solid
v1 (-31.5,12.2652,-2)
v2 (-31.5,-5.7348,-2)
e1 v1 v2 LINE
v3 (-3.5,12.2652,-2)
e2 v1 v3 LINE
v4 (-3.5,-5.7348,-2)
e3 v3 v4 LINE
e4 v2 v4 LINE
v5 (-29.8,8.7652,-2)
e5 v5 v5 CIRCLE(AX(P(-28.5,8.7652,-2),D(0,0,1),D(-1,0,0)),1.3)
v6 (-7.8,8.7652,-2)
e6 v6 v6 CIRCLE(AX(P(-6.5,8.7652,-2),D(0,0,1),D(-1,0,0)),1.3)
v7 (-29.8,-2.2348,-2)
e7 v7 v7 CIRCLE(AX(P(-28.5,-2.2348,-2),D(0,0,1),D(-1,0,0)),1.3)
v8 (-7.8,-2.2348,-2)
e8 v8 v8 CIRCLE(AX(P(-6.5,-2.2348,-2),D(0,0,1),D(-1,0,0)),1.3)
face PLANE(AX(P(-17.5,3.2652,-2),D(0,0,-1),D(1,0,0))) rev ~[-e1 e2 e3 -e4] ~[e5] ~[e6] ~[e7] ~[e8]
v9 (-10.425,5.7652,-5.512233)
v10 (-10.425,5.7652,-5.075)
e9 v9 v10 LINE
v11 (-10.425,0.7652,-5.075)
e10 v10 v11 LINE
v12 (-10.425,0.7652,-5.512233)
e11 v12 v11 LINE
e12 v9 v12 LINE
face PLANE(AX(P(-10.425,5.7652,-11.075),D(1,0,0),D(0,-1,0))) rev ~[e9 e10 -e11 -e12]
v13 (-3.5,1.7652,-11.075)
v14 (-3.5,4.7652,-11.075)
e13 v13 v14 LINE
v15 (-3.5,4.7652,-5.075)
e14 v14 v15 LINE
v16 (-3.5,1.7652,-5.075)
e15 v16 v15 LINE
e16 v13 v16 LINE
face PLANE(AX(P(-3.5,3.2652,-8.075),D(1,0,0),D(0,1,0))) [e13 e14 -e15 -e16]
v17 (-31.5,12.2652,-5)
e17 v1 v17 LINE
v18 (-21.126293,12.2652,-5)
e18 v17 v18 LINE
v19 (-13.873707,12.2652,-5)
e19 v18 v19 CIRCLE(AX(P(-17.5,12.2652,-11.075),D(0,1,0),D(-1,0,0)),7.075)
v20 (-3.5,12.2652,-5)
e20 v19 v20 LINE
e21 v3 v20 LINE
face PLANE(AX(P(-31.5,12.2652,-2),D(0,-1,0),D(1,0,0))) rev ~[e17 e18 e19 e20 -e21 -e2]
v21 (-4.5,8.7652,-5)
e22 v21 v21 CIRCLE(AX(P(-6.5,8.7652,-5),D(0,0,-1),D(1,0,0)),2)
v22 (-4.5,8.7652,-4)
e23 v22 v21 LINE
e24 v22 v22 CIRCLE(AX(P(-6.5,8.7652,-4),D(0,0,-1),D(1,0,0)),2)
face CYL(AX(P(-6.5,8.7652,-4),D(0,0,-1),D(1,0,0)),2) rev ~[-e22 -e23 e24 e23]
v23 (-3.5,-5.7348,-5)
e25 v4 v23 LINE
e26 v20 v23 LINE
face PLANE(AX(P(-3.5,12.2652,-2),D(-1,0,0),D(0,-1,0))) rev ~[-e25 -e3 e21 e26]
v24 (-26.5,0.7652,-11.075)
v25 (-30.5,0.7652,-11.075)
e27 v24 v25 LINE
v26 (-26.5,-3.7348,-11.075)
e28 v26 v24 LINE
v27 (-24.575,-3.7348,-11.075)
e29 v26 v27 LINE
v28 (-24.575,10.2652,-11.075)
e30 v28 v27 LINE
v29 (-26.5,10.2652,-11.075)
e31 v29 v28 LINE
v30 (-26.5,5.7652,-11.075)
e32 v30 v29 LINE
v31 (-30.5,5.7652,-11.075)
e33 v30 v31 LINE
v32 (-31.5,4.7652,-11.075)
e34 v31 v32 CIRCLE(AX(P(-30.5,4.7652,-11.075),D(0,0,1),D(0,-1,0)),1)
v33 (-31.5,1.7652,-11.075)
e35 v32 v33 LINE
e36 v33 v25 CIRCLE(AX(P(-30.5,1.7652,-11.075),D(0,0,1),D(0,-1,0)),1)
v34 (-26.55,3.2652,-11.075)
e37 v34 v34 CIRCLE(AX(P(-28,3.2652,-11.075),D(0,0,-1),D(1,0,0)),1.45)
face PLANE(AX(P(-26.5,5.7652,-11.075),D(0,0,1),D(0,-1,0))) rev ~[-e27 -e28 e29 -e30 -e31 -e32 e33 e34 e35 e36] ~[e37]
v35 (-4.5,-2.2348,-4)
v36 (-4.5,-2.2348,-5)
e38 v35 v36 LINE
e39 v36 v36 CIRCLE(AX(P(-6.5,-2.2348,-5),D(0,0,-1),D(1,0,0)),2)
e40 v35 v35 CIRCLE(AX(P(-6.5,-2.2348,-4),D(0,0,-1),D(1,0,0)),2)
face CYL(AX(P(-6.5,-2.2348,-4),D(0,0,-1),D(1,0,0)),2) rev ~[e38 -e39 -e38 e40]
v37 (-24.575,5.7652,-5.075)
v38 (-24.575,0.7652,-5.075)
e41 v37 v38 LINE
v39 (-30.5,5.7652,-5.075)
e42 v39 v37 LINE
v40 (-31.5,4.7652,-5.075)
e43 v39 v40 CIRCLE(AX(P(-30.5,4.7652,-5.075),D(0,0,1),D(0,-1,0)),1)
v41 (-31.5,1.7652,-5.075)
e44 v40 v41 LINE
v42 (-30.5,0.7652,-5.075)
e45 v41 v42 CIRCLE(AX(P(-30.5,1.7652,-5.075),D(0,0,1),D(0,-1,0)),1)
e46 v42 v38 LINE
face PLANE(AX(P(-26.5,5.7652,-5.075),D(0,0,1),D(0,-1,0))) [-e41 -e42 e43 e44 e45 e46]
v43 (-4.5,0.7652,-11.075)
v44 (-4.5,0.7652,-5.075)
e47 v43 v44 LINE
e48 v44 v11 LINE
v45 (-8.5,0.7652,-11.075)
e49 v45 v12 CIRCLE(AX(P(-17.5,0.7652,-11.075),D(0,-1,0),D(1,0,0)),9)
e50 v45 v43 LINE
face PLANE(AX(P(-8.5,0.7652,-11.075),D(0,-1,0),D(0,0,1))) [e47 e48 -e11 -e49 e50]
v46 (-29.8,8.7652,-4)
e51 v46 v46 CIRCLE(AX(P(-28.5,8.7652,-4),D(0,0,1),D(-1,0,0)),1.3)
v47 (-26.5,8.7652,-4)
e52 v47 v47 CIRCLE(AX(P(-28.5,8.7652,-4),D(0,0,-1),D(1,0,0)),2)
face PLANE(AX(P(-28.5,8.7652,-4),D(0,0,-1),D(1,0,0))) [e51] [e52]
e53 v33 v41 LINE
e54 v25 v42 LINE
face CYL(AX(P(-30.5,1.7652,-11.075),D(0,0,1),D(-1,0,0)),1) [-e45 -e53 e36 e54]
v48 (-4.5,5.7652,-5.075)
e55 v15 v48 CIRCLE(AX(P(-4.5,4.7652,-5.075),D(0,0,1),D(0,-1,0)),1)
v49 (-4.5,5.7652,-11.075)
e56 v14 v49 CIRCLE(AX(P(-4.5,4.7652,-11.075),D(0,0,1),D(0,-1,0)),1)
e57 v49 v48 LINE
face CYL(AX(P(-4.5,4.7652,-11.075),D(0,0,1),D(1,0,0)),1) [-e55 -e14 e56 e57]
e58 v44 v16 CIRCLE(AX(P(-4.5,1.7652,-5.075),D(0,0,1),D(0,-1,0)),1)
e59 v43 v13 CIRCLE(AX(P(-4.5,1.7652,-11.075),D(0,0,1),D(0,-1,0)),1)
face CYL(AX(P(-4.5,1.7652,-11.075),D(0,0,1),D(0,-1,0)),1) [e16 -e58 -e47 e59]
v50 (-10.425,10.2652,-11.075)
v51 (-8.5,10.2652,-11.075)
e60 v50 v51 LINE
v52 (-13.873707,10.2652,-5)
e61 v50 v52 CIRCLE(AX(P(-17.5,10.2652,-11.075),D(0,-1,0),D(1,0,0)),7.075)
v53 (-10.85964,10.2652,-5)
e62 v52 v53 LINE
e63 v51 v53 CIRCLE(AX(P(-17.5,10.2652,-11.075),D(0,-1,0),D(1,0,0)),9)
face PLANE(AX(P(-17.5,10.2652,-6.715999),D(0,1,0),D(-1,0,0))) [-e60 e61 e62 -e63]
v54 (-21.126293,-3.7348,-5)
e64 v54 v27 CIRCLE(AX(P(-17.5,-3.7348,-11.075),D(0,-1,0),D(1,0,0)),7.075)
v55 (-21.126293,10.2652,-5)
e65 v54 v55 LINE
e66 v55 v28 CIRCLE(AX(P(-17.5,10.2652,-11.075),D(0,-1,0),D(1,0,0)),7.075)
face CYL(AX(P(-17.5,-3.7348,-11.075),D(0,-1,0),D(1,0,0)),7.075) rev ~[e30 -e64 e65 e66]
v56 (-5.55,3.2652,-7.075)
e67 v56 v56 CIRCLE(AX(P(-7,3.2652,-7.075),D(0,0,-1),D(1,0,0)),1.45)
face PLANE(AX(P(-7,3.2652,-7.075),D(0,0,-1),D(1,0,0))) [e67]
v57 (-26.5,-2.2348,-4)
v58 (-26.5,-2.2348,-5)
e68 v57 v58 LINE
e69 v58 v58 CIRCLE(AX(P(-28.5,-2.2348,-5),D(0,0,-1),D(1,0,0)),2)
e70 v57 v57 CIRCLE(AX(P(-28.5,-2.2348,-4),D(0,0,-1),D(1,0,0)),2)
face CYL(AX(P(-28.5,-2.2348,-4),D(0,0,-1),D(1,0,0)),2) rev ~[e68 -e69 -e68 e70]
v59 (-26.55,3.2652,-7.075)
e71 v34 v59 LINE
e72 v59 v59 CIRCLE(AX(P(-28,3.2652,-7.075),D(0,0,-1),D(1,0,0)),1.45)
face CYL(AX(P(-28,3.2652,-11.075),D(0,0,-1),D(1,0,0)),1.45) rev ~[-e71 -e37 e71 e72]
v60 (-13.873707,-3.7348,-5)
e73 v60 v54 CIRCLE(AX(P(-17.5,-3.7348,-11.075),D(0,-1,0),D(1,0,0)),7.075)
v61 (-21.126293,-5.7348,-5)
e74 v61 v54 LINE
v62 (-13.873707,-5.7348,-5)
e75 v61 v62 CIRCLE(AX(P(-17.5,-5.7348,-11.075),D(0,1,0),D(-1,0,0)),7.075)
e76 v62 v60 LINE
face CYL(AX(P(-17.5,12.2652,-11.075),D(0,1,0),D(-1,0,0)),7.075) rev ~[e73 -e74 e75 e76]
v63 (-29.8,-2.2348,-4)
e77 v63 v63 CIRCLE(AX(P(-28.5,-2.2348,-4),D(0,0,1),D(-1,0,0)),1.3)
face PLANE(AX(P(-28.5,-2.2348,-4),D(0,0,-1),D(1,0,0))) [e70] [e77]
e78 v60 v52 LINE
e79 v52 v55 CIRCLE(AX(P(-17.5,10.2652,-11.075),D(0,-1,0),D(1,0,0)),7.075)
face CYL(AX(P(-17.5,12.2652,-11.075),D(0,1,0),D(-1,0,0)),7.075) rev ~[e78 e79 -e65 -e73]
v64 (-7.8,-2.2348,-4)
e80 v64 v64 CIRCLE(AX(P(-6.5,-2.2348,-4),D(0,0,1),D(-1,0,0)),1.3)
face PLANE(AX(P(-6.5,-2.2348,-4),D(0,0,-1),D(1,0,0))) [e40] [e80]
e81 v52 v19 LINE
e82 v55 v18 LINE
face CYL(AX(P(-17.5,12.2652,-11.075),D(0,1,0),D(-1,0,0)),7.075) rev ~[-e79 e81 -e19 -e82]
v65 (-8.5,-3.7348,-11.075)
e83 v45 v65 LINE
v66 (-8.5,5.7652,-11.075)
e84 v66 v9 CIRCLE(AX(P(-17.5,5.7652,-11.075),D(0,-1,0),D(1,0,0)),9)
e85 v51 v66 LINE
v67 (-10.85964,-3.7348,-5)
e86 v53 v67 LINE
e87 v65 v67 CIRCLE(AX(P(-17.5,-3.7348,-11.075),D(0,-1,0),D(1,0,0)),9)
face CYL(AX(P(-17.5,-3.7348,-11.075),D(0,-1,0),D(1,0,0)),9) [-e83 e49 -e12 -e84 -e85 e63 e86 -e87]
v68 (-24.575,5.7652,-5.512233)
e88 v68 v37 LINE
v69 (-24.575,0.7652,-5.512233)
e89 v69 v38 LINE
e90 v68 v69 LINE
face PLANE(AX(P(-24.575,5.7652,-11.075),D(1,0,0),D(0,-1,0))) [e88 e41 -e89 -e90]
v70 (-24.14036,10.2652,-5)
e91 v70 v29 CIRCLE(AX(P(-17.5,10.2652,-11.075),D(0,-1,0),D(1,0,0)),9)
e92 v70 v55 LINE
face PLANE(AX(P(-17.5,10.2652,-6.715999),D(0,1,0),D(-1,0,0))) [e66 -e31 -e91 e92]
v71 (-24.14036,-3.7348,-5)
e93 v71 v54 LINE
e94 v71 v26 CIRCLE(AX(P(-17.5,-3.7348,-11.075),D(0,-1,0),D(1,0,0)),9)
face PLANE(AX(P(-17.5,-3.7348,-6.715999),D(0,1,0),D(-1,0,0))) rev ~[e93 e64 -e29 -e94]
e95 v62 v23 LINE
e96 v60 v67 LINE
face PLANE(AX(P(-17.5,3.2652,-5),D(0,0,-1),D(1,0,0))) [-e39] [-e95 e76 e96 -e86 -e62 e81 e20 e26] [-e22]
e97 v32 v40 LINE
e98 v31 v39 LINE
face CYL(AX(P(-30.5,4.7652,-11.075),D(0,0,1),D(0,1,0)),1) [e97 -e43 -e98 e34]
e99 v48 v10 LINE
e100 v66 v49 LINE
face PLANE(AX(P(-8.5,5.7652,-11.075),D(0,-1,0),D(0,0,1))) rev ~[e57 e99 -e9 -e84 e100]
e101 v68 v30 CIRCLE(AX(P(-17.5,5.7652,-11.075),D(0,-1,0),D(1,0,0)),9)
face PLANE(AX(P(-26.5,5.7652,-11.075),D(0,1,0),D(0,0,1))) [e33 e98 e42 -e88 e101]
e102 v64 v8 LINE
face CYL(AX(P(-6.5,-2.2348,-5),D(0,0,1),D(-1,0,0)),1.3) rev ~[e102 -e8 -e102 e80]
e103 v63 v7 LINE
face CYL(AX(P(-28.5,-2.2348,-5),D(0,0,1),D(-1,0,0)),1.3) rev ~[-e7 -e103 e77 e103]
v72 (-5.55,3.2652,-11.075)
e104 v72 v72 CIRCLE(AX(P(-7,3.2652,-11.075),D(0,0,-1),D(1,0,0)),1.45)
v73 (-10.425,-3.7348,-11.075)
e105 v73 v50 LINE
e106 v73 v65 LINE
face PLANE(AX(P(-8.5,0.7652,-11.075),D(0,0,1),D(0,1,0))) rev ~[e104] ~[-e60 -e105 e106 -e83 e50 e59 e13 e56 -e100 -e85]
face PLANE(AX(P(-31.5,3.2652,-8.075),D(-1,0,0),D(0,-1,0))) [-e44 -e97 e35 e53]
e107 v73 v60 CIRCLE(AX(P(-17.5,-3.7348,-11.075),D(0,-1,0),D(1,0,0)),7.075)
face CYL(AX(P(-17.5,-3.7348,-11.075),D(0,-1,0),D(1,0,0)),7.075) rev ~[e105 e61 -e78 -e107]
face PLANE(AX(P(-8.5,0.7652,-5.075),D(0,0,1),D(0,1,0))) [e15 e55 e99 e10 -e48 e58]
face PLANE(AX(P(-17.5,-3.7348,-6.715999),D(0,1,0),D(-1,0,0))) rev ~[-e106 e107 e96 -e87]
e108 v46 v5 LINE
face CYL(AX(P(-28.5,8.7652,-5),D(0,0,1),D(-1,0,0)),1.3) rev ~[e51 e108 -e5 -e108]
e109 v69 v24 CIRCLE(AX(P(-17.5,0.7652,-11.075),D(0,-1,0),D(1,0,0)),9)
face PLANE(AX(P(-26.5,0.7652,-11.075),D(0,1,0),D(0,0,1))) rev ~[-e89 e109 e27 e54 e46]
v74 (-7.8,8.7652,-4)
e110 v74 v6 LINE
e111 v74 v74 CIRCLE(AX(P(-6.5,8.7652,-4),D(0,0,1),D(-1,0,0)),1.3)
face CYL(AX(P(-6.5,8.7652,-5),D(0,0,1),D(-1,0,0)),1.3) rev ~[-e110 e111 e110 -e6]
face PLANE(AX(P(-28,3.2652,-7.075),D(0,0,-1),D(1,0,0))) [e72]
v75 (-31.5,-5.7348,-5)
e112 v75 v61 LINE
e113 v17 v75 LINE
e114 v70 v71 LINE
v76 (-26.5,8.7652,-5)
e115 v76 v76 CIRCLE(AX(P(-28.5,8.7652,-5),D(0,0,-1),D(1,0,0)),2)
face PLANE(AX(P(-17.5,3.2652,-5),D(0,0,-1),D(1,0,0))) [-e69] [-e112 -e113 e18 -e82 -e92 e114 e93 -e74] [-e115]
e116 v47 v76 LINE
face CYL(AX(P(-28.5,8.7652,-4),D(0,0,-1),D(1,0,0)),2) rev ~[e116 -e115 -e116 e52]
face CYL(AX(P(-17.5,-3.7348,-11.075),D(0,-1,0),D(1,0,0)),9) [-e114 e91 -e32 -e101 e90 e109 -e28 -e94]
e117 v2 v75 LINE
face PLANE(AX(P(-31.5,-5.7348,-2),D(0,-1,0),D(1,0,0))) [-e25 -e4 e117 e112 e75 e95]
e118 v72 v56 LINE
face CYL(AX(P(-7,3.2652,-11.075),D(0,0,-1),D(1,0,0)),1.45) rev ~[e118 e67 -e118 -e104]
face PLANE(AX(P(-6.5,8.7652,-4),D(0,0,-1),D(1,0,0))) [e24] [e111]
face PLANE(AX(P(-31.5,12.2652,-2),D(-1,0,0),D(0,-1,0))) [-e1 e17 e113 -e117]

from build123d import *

# Parameters (mm, degrees)
SKETCH048_W         = 28
SKETCH048_H         = 18
PAD032_DEPTH        = 3
SKETCH049_R         = 7.075
POCKET009_DEPTH     = 18.001
PAD033_START        = -2
PAD033_DEPTH        = 14
SKETCH051_W         = 1.925
SKETCH051_H         = 5
PAD034_DEPTH        = 6
SKETCH052_W         = 5
SKETCH052_H         = 6
PAD035_DEPTH        = 5
SKETCH053_W         = 5
SKETCH053_H         = 6
PAD036_DEPTH        = 5
HOLE004_D           = 2.6
HOLE004_DEPTH       = 25
HOLE004_CBORE_D     = 4
HOLE004_CBORE_DEPTH = 1
SKETCH056_R         = 1.45
POCKET010_DEPTH     = 4
FILLET013_R         = 1
FILLET014_R         = 1


with BuildPart() as part:
    # Sketch048 (on Face1 of CopyPad022) → Pad032 (new body)
    with BuildSketch(Plane(origin=(0, 0, -2), x_dir=(1, 0, 0), z_dir=(0, 0, -1))):
        with Locations((-18.5, 29.3848)):
            Rectangle(SKETCH048_W, SKETCH048_H)
    extrude(amount=PAD032_DEPTH)

    # Sketch049 (on Face2 of Pad032) → Pocket009 (cut, through all)
    with BuildSketch(Plane(origin=(0, -20.3848, -2), x_dir=(-1, 0, 0), z_dir=(0, 1, 0))):
        with Locations((18.5, -9.075)):
            Circle(SKETCH049_R)
    extrude(amount=-POCKET009_DEPTH, mode=Mode.SUBTRACT)

    # Sketch050 (on Face2 of Pocket009) → Pad033 (join)
    with BuildSketch(Plane(origin=(0, -38.3848, -2), x_dir=(1, 0, 0), z_dir=(0, -1, 0)).offset(PAD033_START)):
        with BuildLine():
            ThreePointArc((-11.425, -9.075), (-18.5, -2), (-25.575, -9.075))
            Line((-27.5, -9.075), (-25.575, -9.075))
            ThreePointArc((-9.5, -9.075), (-18.5, -0.075), (-27.5, -9.075))
            Line((-11.425, -9.075), (-9.5, -9.075))
        make_face()
    extrude(amount=-PAD033_DEPTH)

    # Sketch051 (on Face14 of Pad033) → Pad034 (join)
    with BuildSketch(Plane(origin=(0, 0, -11.075), x_dir=(1, 0, 0), z_dir=(0, 0, -1))):
        with Locations((-26.5375, 29.3848)):
            Rectangle(SKETCH051_W, SKETCH051_H)
        with Locations((-10.4625, 29.3848)):
            Rectangle(SKETCH051_W, SKETCH051_H)
    extrude(amount=-PAD034_DEPTH)

    # Sketch052 (on Face18 of Pad034) → Pad035 (join)
    with BuildSketch(Plane(origin=(-27.5, 0, -2), x_dir=(0, -1, 0), z_dir=(-1, 0, 0))):
        with Locations((29.3848, -6.075)):
            Rectangle(SKETCH052_W, SKETCH052_H)
    extrude(amount=PAD035_DEPTH)

    # Sketch053 (on Face17 of Pad035) → Pad036 (join)
    with BuildSketch(Plane(origin=(-9.5, 0, -2), x_dir=(0, 1, 0), z_dir=(1, 0, 0))):
        with Locations((-29.3848, -6.075)):
            Rectangle(SKETCH053_W, SKETCH053_H)
    extrude(amount=PAD036_DEPTH)

    # Hole004
    with Locations(Plane(origin=(0, 0, -5), x_dir=(1, 0, 0), z_dir=(0, 0, -1))):
        with Locations((-7.5, 34.8848), (-29.5, 34.8848), (-29.5, 23.8848), (-7.5, 23.8848)):
            CounterBoreHole(HOLE004_D / 2, HOLE004_CBORE_D / 2, HOLE004_CBORE_DEPTH, depth=HOLE004_DEPTH)

    # Sketch056 → Pocket010 (cut)
    with BuildSketch(Plane(origin=(0, 0, -11.075), x_dir=(1, 0, 0), z_dir=(0, 0, -1))):
        with Locations((-8, 29.3848)):
            Circle(SKETCH056_R)
        with Locations((-29, 29.3848)):
            Circle(SKETCH056_R)
    extrude(amount=-POCKET010_DEPTH, mode=Mode.SUBTRACT)

    # Fillet013
    fillet013_edges = [part.edges().sort_by_distance(p)[0] for p in [
        (-32.5, -31.8848, -8.075),
        (-32.5, -26.8848, -8.075),
    ]]
    fillet(fillet013_edges, radius=FILLET013_R)

    # Fillet014
    fillet014_edges = [part.edges().sort_by_distance(p)[0] for p in [
        (-4.5, -26.8848, -8.075),
        (-4.5, -31.8848, -8.075),
    ]]
    fillet(fillet014_edges, radius=FILLET014_R)


with BuildPart() as part_1:
    # Body006 placement: moved
    add(part.part.moved(Location((1, 32.65, 0))))


solid = part_1.part
